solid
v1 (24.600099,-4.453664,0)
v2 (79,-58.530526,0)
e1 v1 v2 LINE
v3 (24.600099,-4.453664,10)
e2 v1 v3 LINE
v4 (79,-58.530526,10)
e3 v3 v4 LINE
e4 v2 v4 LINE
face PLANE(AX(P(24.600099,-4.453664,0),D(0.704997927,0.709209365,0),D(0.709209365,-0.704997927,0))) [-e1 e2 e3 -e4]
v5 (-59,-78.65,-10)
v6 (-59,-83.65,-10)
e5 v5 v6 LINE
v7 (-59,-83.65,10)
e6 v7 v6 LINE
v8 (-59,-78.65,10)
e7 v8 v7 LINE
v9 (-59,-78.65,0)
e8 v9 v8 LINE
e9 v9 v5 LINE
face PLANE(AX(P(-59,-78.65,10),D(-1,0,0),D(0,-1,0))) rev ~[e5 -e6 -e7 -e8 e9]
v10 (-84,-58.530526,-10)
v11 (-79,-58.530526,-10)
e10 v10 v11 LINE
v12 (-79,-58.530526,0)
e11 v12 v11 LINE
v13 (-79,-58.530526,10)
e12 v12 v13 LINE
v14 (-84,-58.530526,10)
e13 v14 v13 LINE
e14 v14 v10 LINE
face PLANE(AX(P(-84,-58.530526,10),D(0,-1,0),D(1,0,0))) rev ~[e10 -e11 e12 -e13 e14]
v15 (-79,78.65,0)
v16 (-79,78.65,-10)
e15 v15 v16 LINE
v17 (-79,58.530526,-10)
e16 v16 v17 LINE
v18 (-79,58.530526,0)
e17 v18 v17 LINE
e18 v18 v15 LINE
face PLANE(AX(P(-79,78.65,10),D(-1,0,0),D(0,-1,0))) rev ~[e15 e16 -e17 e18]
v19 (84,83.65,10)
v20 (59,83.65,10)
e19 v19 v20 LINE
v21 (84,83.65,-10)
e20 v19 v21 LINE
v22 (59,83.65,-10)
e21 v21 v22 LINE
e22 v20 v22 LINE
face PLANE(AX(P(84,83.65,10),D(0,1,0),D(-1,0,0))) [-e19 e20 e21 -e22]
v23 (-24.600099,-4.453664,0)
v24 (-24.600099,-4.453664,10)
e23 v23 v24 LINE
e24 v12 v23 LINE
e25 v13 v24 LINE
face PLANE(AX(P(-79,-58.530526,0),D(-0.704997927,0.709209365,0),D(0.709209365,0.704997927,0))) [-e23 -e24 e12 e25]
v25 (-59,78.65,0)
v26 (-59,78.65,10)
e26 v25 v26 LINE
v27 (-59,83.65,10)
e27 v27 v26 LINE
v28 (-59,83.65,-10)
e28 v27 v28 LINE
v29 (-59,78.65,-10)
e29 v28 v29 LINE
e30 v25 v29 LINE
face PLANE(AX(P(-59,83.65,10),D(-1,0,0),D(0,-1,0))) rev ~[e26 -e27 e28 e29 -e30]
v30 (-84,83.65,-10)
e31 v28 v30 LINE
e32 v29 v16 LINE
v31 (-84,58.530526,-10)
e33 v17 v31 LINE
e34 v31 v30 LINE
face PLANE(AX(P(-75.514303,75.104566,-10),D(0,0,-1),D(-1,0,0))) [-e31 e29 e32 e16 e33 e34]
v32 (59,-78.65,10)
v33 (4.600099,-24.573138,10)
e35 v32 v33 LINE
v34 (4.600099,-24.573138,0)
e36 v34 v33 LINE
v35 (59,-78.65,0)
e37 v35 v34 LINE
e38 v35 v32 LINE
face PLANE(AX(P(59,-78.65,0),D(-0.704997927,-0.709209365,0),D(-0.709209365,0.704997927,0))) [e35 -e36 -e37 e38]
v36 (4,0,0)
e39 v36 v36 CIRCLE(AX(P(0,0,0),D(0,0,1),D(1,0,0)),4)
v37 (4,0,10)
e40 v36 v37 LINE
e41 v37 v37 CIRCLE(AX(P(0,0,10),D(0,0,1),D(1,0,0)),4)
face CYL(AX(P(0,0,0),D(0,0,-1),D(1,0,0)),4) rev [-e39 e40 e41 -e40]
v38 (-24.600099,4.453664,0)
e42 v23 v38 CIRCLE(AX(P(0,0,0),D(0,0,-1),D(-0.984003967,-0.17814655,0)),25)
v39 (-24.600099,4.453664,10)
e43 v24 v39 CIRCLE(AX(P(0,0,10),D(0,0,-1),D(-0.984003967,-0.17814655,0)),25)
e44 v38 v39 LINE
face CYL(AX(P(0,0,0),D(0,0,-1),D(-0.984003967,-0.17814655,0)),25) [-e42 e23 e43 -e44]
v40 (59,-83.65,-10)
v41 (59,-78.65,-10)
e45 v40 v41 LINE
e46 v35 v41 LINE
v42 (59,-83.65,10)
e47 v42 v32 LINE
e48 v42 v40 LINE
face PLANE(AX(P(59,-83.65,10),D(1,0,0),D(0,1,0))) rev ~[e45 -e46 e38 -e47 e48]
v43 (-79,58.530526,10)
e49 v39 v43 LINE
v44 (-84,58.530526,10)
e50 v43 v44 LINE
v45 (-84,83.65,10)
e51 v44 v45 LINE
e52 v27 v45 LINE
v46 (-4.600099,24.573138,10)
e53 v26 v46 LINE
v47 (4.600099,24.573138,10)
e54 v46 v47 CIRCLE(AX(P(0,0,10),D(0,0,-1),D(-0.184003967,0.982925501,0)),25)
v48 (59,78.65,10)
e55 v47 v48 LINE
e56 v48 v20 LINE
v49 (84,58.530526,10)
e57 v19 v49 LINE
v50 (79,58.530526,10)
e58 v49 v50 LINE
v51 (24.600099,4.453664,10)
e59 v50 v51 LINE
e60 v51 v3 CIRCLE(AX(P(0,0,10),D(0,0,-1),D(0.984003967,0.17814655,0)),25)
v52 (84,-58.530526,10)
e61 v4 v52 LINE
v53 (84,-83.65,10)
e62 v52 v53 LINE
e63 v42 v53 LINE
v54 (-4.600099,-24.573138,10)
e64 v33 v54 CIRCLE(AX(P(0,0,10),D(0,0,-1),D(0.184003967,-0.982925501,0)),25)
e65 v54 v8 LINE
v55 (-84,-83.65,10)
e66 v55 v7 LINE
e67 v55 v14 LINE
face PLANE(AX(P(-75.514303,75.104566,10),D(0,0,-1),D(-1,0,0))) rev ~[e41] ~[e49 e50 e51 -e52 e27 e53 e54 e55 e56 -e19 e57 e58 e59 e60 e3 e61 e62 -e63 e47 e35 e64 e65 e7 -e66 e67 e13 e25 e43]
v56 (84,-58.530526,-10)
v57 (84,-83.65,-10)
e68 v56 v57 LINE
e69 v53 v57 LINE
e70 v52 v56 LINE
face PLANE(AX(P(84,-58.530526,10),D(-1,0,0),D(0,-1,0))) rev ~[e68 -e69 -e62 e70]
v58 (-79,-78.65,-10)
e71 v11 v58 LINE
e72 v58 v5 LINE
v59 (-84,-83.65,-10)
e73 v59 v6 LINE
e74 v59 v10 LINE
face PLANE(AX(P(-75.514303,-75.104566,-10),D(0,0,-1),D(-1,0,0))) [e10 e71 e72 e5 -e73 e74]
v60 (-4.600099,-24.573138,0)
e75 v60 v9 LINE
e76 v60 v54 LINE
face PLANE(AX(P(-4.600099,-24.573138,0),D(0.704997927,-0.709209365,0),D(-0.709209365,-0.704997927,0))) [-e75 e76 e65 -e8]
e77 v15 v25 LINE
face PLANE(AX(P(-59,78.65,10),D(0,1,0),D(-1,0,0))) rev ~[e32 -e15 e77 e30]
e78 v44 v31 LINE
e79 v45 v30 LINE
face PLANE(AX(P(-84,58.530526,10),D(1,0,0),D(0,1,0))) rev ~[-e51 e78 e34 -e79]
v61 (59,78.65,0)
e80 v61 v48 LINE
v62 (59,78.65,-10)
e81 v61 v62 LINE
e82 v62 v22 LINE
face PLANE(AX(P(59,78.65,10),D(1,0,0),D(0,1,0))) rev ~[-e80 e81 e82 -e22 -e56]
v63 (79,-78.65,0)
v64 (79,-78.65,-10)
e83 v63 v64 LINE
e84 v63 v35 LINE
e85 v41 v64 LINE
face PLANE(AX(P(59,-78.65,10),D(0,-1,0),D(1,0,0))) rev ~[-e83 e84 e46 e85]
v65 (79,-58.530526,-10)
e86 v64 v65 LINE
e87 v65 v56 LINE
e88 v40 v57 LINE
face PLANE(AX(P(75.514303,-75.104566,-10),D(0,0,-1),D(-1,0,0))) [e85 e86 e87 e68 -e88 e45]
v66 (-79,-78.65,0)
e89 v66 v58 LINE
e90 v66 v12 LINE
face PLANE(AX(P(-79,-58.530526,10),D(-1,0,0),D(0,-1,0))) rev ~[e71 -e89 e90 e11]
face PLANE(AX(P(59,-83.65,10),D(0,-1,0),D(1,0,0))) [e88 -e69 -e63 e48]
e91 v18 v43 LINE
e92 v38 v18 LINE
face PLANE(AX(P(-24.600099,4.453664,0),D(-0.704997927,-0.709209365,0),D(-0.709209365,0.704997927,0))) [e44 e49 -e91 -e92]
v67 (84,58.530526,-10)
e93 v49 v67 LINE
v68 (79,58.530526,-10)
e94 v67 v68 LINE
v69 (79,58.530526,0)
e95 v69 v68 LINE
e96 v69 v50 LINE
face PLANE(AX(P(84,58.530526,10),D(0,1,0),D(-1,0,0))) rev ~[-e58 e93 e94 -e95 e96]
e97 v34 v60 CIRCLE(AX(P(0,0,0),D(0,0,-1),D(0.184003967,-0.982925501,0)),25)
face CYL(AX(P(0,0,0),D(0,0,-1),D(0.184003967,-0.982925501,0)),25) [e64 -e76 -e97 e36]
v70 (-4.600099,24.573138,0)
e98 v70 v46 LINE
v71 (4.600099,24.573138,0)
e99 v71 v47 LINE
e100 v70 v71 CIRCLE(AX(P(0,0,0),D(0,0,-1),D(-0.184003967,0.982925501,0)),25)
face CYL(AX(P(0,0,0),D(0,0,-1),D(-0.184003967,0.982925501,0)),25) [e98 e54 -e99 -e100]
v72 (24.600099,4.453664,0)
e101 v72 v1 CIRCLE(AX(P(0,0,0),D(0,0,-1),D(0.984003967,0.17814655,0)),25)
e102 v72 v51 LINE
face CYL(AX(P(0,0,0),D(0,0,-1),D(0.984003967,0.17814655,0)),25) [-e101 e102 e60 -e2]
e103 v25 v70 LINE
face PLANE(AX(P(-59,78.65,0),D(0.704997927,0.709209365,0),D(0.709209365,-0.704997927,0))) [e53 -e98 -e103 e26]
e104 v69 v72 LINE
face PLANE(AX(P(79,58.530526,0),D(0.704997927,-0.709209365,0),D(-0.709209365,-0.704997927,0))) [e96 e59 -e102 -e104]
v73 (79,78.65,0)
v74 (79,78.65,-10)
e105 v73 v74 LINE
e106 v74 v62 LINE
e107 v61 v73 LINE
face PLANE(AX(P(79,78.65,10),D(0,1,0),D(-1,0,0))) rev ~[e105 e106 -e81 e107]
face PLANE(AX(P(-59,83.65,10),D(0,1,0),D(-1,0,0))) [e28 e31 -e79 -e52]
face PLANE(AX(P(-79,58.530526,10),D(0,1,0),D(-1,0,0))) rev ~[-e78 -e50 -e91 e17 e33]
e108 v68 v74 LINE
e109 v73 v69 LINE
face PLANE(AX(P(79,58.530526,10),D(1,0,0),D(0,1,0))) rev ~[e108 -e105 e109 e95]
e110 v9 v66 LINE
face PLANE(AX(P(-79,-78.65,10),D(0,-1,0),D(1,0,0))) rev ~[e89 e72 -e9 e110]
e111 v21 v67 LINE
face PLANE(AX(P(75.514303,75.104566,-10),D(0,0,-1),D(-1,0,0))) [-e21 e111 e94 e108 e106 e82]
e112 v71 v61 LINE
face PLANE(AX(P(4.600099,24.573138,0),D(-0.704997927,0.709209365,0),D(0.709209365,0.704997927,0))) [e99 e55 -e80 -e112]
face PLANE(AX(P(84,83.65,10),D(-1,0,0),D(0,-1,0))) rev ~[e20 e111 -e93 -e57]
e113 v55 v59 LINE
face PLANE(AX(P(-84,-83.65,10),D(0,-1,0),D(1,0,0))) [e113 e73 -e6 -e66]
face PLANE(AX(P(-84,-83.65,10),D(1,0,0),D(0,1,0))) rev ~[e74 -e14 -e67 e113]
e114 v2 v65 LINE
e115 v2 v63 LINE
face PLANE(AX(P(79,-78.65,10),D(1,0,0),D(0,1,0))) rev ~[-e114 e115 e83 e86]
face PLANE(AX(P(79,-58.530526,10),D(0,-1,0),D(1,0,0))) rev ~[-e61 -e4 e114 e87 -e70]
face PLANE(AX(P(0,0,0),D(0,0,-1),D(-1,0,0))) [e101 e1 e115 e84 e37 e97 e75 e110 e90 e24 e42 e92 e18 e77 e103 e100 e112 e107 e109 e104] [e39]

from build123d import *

# Parameters (mm, degrees)
CROQUIS1_R              = 4
SALIENTE_EXTRUIR1_DEPTH = 10
SALIENTE_EXTRUIR2_DEPTH = 20


with BuildPart() as part:
    # Croquis1 → Saliente-Extruir1 (new body)
    with BuildSketch(Plane.XY):
        with BuildLine():
            Line((-59, 78.65), (-4.600099172, 24.573137521))
            ThreePointArc((-4.600099172, 24.573137521), (0, 25), (4.600099172, 24.573137521))
            Line((4.600099172, 24.573137521), (59, 78.65))
            Line((59, 78.65), (79, 78.65))
            Line((79, 78.65), (79, 58.530526224))
            Line((79, 58.530526224), (24.600099172, 4.453663744))
            ThreePointArc((24.600099172, 4.453663744), (25, 0), (24.600099172, -4.453663744))
            Line((24.600099172, -4.453663744), (79, -58.530526224))
            Line((79, -58.530526224), (79, -78.65))
            Line((79, -78.65), (59, -78.65))
            Line((59, -78.65), (4.600099172, -24.573137521))
            ThreePointArc((4.600099172, -24.573137521), (0, -25), (-4.600099172, -24.573137521))
            Line((-4.600099172, -24.573137521), (-59, -78.65))
            Line((-59, -78.65), (-79, -78.65))
            Line((-79, -78.65), (-79, -58.530526224))
            Line((-79, -58.530526224), (-24.600099172, -4.453663744))
            ThreePointArc((-24.600099172, -4.453663744), (-25, 0), (-24.600099172, 4.453663744))
            Line((-24.600099172, 4.453663744), (-79, 58.530526224))
            Line((-79, 58.530526224), (-79, 78.65))
            Line((-79, 78.65), (-59, 78.65))
        make_face()
        Circle(CROQUIS1_R, mode=Mode.SUBTRACT)
    extrude(amount=SALIENTE_EXTRUIR1_DEPTH)

    # Croquis4 → Saliente-Extruir2 (add)
    with BuildSketch(Plane.XY.offset(10)):
        Polygon((-59, 78.65), (-79, 78.65), (-79, 58.530526224), (-84, 58.530526224), (-84, 83.65), (-79, 83.65), (-59, 83.65), align=None)
        Polygon((59, 78.65), (59, 83.65), (79, 83.65), (84, 83.65), (84, 58.530526224), (79, 58.530526224), (79, 78.65), align=None)
        Polygon((59, -78.65), (79, -78.65), (79, -58.530526224), (84, -58.530526224), (84, -83.65), (79, -83.65), (59, -83.65), align=None)
        Polygon((-59, -78.65), (-59, -83.65), (-79, -83.65), (-84, -83.65), (-84, -58.530526224), (-79, -58.530526224), (-79, -78.65), align=None)
    extrude(amount=-SALIENTE_EXTRUIR2_DEPTH)


solid = part.part
